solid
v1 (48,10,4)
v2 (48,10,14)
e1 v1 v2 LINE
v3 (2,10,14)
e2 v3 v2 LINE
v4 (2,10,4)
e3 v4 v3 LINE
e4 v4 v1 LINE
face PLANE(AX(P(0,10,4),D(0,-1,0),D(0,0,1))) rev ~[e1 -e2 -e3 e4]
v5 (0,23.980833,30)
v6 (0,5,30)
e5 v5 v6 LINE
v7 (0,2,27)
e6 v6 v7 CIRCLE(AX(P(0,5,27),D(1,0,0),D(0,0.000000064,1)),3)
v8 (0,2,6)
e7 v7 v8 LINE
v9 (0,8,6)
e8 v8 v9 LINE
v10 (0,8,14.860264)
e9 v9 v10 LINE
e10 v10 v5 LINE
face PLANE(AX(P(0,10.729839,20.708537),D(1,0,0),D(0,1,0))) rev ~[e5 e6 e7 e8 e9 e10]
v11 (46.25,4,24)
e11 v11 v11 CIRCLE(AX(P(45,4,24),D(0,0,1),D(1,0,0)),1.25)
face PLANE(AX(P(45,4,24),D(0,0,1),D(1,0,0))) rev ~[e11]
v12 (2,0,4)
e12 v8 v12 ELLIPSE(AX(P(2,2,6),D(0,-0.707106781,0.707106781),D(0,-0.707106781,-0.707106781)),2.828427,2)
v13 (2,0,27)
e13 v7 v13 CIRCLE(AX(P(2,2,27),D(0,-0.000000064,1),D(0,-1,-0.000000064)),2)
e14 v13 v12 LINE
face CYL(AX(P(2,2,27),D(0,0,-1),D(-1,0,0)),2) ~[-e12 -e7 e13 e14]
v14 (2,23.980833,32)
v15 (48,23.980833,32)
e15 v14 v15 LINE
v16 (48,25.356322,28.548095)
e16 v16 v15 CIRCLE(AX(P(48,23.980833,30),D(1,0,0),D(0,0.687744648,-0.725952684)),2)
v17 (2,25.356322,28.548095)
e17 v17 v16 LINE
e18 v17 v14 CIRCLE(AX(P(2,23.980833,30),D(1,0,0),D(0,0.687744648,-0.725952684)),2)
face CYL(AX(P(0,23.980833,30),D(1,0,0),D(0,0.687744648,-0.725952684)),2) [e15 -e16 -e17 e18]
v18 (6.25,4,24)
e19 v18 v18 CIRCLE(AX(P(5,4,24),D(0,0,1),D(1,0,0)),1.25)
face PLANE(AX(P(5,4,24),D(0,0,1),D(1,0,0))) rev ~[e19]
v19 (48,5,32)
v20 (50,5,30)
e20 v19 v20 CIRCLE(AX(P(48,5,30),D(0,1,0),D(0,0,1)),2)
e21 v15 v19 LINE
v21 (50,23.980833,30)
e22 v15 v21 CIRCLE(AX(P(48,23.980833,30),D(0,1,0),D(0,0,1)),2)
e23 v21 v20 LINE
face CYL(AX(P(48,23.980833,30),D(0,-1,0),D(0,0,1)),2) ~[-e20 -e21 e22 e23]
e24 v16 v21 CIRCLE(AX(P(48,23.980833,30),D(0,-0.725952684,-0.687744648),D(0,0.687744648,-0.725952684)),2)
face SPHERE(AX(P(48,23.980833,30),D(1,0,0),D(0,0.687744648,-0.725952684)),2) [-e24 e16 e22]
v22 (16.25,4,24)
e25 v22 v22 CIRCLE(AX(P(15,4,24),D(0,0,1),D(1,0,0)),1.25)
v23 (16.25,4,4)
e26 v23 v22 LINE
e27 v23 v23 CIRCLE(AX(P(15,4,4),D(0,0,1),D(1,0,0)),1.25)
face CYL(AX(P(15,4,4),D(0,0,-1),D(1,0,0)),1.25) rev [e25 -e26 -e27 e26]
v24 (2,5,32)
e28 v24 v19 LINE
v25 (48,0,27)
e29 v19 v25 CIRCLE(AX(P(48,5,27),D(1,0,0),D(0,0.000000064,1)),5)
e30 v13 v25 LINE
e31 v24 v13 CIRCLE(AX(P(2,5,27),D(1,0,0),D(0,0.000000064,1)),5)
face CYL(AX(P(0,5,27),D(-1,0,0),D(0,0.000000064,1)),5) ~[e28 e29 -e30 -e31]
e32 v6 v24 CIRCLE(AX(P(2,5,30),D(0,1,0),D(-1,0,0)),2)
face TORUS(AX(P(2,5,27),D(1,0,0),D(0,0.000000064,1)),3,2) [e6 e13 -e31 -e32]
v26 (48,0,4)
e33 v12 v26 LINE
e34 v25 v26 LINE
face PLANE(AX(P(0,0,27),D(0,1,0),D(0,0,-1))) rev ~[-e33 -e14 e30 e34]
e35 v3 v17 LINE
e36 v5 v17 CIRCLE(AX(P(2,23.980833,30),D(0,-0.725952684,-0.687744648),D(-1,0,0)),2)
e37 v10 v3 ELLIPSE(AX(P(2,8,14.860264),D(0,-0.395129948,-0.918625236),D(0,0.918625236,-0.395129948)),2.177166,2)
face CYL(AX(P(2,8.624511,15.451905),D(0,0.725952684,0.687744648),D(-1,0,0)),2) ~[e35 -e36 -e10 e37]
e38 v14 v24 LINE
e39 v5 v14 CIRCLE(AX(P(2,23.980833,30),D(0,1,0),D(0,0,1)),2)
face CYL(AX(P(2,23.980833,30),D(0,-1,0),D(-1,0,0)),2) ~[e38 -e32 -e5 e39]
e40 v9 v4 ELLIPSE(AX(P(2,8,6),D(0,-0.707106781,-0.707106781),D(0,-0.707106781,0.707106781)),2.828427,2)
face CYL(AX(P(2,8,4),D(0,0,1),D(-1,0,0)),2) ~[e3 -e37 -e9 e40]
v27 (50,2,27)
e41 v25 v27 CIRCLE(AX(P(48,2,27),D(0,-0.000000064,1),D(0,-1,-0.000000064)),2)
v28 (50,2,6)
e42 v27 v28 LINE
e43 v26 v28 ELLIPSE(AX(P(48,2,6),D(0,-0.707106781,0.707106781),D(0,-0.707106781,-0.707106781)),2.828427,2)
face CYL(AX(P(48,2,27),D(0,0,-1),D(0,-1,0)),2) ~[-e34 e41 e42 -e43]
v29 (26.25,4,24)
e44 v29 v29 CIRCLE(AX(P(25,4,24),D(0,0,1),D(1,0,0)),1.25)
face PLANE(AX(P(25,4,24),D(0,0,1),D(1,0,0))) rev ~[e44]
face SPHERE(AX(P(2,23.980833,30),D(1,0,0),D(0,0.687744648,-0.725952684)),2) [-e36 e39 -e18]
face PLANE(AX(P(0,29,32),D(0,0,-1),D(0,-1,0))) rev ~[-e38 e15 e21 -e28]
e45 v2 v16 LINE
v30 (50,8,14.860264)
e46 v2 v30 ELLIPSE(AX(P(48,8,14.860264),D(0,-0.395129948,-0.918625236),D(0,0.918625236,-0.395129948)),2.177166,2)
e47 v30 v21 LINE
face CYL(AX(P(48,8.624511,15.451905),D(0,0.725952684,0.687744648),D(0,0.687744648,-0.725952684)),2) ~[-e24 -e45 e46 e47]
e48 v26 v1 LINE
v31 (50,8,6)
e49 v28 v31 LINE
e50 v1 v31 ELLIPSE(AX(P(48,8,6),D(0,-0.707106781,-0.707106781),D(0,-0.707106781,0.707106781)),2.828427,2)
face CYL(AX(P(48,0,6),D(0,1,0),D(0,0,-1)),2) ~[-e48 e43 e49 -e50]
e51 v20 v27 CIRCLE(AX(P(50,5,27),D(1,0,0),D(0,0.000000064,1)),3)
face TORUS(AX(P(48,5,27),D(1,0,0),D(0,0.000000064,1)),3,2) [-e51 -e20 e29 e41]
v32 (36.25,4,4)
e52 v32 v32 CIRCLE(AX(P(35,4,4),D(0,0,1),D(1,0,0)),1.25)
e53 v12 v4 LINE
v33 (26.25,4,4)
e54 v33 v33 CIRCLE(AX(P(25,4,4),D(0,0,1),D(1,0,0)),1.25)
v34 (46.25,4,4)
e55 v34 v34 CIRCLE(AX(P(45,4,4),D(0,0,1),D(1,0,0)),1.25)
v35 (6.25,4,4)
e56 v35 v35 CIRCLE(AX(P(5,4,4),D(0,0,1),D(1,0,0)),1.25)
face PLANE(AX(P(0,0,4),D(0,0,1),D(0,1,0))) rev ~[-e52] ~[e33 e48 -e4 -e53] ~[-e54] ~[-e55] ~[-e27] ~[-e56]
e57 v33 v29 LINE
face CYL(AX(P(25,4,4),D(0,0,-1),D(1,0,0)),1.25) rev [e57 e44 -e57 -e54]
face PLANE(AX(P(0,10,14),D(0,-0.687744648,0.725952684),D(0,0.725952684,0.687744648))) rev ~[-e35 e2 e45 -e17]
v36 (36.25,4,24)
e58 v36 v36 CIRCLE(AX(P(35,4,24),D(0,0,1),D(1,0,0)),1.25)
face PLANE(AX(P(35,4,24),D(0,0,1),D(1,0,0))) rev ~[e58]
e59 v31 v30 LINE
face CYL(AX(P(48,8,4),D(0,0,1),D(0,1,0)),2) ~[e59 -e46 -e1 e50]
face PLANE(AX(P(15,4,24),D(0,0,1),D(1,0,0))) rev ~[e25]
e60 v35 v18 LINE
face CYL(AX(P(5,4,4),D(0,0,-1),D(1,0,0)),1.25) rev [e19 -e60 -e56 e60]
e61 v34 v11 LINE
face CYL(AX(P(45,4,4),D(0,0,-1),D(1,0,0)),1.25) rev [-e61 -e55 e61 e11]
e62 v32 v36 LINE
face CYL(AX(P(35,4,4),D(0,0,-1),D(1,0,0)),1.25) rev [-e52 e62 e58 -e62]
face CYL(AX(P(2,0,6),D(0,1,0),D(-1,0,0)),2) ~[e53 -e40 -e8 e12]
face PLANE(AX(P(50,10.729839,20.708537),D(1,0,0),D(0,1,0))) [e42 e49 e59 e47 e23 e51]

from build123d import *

# Parameters (mm, degrees)
PAD002_DEPTH = 50
SKETCH005_R  = 1.25
POCKET_DEPTH = 20
FILLET_R     = 2
FILLET001_R  = 2


with BuildPart() as part:
    # Sketch002 → Pad002 (new body)
    with BuildSketch(Plane.YZ):
        with BuildLine():
            Line((0, 0), (10, 0))
            Line((10, 0), (10, 10))
            Line((10, 10), (29, 28))
            Line((29, 28), (5, 28))
            ThreePointArc((5, 28), (1.464466, 26.535534), (0, 23))
            Line((0, 23), (0, 0))
        make_face()
    extrude(amount=PAD002_DEPTH)

    # Sketch005 → Pocket (cut)
    with BuildSketch(Plane.XY):
        with Locations((5, 4)):
            Circle(SKETCH005_R)
        with Locations((15, 4)):
            Circle(SKETCH005_R)
        with Locations((25, 4)):
            Circle(SKETCH005_R)
        with Locations((35, 4)):
            Circle(SKETCH005_R)
        with Locations((45, 4)):
            Circle(SKETCH005_R)
    extrude(amount=POCKET_DEPTH, mode=Mode.SUBTRACT)

    # Fillet
    fillet_edges = [part.edges().sort_by_distance(p)[0] for p in [
        (25, 29, 28),
    ]]
    fillet(fillet_edges, radius=FILLET_R)

    # Fillet001
    fillet001_edges = [part.edges().sort_by_distance(p)[0] for p in [
        (50, 17.678161, 17.274047),
        (50, 25.838763, 26.740334),
        (50, 10, 5),
        (50, 14.490416, 28),
        (50, 5, 0),
        (50, 1.464466, 26.535534),
        (50, 0, 11.5),
        (0, 17.678161, 17.274047),
        (0, 25.838763, 26.740334),
        (0, 10, 5),
        (0, 14.490416, 28),
        (0, 5, 0),
        (0, 1.464466, 26.535534),
        (0, 0, 11.5),
    ]]
    fillet(fillet001_edges, radius=FILLET001_R)


with BuildPart() as part_1:
    # Body002 placement: moved
    add(part.part.moved(Location((0, 0, 4))))


solid = part_1.part
